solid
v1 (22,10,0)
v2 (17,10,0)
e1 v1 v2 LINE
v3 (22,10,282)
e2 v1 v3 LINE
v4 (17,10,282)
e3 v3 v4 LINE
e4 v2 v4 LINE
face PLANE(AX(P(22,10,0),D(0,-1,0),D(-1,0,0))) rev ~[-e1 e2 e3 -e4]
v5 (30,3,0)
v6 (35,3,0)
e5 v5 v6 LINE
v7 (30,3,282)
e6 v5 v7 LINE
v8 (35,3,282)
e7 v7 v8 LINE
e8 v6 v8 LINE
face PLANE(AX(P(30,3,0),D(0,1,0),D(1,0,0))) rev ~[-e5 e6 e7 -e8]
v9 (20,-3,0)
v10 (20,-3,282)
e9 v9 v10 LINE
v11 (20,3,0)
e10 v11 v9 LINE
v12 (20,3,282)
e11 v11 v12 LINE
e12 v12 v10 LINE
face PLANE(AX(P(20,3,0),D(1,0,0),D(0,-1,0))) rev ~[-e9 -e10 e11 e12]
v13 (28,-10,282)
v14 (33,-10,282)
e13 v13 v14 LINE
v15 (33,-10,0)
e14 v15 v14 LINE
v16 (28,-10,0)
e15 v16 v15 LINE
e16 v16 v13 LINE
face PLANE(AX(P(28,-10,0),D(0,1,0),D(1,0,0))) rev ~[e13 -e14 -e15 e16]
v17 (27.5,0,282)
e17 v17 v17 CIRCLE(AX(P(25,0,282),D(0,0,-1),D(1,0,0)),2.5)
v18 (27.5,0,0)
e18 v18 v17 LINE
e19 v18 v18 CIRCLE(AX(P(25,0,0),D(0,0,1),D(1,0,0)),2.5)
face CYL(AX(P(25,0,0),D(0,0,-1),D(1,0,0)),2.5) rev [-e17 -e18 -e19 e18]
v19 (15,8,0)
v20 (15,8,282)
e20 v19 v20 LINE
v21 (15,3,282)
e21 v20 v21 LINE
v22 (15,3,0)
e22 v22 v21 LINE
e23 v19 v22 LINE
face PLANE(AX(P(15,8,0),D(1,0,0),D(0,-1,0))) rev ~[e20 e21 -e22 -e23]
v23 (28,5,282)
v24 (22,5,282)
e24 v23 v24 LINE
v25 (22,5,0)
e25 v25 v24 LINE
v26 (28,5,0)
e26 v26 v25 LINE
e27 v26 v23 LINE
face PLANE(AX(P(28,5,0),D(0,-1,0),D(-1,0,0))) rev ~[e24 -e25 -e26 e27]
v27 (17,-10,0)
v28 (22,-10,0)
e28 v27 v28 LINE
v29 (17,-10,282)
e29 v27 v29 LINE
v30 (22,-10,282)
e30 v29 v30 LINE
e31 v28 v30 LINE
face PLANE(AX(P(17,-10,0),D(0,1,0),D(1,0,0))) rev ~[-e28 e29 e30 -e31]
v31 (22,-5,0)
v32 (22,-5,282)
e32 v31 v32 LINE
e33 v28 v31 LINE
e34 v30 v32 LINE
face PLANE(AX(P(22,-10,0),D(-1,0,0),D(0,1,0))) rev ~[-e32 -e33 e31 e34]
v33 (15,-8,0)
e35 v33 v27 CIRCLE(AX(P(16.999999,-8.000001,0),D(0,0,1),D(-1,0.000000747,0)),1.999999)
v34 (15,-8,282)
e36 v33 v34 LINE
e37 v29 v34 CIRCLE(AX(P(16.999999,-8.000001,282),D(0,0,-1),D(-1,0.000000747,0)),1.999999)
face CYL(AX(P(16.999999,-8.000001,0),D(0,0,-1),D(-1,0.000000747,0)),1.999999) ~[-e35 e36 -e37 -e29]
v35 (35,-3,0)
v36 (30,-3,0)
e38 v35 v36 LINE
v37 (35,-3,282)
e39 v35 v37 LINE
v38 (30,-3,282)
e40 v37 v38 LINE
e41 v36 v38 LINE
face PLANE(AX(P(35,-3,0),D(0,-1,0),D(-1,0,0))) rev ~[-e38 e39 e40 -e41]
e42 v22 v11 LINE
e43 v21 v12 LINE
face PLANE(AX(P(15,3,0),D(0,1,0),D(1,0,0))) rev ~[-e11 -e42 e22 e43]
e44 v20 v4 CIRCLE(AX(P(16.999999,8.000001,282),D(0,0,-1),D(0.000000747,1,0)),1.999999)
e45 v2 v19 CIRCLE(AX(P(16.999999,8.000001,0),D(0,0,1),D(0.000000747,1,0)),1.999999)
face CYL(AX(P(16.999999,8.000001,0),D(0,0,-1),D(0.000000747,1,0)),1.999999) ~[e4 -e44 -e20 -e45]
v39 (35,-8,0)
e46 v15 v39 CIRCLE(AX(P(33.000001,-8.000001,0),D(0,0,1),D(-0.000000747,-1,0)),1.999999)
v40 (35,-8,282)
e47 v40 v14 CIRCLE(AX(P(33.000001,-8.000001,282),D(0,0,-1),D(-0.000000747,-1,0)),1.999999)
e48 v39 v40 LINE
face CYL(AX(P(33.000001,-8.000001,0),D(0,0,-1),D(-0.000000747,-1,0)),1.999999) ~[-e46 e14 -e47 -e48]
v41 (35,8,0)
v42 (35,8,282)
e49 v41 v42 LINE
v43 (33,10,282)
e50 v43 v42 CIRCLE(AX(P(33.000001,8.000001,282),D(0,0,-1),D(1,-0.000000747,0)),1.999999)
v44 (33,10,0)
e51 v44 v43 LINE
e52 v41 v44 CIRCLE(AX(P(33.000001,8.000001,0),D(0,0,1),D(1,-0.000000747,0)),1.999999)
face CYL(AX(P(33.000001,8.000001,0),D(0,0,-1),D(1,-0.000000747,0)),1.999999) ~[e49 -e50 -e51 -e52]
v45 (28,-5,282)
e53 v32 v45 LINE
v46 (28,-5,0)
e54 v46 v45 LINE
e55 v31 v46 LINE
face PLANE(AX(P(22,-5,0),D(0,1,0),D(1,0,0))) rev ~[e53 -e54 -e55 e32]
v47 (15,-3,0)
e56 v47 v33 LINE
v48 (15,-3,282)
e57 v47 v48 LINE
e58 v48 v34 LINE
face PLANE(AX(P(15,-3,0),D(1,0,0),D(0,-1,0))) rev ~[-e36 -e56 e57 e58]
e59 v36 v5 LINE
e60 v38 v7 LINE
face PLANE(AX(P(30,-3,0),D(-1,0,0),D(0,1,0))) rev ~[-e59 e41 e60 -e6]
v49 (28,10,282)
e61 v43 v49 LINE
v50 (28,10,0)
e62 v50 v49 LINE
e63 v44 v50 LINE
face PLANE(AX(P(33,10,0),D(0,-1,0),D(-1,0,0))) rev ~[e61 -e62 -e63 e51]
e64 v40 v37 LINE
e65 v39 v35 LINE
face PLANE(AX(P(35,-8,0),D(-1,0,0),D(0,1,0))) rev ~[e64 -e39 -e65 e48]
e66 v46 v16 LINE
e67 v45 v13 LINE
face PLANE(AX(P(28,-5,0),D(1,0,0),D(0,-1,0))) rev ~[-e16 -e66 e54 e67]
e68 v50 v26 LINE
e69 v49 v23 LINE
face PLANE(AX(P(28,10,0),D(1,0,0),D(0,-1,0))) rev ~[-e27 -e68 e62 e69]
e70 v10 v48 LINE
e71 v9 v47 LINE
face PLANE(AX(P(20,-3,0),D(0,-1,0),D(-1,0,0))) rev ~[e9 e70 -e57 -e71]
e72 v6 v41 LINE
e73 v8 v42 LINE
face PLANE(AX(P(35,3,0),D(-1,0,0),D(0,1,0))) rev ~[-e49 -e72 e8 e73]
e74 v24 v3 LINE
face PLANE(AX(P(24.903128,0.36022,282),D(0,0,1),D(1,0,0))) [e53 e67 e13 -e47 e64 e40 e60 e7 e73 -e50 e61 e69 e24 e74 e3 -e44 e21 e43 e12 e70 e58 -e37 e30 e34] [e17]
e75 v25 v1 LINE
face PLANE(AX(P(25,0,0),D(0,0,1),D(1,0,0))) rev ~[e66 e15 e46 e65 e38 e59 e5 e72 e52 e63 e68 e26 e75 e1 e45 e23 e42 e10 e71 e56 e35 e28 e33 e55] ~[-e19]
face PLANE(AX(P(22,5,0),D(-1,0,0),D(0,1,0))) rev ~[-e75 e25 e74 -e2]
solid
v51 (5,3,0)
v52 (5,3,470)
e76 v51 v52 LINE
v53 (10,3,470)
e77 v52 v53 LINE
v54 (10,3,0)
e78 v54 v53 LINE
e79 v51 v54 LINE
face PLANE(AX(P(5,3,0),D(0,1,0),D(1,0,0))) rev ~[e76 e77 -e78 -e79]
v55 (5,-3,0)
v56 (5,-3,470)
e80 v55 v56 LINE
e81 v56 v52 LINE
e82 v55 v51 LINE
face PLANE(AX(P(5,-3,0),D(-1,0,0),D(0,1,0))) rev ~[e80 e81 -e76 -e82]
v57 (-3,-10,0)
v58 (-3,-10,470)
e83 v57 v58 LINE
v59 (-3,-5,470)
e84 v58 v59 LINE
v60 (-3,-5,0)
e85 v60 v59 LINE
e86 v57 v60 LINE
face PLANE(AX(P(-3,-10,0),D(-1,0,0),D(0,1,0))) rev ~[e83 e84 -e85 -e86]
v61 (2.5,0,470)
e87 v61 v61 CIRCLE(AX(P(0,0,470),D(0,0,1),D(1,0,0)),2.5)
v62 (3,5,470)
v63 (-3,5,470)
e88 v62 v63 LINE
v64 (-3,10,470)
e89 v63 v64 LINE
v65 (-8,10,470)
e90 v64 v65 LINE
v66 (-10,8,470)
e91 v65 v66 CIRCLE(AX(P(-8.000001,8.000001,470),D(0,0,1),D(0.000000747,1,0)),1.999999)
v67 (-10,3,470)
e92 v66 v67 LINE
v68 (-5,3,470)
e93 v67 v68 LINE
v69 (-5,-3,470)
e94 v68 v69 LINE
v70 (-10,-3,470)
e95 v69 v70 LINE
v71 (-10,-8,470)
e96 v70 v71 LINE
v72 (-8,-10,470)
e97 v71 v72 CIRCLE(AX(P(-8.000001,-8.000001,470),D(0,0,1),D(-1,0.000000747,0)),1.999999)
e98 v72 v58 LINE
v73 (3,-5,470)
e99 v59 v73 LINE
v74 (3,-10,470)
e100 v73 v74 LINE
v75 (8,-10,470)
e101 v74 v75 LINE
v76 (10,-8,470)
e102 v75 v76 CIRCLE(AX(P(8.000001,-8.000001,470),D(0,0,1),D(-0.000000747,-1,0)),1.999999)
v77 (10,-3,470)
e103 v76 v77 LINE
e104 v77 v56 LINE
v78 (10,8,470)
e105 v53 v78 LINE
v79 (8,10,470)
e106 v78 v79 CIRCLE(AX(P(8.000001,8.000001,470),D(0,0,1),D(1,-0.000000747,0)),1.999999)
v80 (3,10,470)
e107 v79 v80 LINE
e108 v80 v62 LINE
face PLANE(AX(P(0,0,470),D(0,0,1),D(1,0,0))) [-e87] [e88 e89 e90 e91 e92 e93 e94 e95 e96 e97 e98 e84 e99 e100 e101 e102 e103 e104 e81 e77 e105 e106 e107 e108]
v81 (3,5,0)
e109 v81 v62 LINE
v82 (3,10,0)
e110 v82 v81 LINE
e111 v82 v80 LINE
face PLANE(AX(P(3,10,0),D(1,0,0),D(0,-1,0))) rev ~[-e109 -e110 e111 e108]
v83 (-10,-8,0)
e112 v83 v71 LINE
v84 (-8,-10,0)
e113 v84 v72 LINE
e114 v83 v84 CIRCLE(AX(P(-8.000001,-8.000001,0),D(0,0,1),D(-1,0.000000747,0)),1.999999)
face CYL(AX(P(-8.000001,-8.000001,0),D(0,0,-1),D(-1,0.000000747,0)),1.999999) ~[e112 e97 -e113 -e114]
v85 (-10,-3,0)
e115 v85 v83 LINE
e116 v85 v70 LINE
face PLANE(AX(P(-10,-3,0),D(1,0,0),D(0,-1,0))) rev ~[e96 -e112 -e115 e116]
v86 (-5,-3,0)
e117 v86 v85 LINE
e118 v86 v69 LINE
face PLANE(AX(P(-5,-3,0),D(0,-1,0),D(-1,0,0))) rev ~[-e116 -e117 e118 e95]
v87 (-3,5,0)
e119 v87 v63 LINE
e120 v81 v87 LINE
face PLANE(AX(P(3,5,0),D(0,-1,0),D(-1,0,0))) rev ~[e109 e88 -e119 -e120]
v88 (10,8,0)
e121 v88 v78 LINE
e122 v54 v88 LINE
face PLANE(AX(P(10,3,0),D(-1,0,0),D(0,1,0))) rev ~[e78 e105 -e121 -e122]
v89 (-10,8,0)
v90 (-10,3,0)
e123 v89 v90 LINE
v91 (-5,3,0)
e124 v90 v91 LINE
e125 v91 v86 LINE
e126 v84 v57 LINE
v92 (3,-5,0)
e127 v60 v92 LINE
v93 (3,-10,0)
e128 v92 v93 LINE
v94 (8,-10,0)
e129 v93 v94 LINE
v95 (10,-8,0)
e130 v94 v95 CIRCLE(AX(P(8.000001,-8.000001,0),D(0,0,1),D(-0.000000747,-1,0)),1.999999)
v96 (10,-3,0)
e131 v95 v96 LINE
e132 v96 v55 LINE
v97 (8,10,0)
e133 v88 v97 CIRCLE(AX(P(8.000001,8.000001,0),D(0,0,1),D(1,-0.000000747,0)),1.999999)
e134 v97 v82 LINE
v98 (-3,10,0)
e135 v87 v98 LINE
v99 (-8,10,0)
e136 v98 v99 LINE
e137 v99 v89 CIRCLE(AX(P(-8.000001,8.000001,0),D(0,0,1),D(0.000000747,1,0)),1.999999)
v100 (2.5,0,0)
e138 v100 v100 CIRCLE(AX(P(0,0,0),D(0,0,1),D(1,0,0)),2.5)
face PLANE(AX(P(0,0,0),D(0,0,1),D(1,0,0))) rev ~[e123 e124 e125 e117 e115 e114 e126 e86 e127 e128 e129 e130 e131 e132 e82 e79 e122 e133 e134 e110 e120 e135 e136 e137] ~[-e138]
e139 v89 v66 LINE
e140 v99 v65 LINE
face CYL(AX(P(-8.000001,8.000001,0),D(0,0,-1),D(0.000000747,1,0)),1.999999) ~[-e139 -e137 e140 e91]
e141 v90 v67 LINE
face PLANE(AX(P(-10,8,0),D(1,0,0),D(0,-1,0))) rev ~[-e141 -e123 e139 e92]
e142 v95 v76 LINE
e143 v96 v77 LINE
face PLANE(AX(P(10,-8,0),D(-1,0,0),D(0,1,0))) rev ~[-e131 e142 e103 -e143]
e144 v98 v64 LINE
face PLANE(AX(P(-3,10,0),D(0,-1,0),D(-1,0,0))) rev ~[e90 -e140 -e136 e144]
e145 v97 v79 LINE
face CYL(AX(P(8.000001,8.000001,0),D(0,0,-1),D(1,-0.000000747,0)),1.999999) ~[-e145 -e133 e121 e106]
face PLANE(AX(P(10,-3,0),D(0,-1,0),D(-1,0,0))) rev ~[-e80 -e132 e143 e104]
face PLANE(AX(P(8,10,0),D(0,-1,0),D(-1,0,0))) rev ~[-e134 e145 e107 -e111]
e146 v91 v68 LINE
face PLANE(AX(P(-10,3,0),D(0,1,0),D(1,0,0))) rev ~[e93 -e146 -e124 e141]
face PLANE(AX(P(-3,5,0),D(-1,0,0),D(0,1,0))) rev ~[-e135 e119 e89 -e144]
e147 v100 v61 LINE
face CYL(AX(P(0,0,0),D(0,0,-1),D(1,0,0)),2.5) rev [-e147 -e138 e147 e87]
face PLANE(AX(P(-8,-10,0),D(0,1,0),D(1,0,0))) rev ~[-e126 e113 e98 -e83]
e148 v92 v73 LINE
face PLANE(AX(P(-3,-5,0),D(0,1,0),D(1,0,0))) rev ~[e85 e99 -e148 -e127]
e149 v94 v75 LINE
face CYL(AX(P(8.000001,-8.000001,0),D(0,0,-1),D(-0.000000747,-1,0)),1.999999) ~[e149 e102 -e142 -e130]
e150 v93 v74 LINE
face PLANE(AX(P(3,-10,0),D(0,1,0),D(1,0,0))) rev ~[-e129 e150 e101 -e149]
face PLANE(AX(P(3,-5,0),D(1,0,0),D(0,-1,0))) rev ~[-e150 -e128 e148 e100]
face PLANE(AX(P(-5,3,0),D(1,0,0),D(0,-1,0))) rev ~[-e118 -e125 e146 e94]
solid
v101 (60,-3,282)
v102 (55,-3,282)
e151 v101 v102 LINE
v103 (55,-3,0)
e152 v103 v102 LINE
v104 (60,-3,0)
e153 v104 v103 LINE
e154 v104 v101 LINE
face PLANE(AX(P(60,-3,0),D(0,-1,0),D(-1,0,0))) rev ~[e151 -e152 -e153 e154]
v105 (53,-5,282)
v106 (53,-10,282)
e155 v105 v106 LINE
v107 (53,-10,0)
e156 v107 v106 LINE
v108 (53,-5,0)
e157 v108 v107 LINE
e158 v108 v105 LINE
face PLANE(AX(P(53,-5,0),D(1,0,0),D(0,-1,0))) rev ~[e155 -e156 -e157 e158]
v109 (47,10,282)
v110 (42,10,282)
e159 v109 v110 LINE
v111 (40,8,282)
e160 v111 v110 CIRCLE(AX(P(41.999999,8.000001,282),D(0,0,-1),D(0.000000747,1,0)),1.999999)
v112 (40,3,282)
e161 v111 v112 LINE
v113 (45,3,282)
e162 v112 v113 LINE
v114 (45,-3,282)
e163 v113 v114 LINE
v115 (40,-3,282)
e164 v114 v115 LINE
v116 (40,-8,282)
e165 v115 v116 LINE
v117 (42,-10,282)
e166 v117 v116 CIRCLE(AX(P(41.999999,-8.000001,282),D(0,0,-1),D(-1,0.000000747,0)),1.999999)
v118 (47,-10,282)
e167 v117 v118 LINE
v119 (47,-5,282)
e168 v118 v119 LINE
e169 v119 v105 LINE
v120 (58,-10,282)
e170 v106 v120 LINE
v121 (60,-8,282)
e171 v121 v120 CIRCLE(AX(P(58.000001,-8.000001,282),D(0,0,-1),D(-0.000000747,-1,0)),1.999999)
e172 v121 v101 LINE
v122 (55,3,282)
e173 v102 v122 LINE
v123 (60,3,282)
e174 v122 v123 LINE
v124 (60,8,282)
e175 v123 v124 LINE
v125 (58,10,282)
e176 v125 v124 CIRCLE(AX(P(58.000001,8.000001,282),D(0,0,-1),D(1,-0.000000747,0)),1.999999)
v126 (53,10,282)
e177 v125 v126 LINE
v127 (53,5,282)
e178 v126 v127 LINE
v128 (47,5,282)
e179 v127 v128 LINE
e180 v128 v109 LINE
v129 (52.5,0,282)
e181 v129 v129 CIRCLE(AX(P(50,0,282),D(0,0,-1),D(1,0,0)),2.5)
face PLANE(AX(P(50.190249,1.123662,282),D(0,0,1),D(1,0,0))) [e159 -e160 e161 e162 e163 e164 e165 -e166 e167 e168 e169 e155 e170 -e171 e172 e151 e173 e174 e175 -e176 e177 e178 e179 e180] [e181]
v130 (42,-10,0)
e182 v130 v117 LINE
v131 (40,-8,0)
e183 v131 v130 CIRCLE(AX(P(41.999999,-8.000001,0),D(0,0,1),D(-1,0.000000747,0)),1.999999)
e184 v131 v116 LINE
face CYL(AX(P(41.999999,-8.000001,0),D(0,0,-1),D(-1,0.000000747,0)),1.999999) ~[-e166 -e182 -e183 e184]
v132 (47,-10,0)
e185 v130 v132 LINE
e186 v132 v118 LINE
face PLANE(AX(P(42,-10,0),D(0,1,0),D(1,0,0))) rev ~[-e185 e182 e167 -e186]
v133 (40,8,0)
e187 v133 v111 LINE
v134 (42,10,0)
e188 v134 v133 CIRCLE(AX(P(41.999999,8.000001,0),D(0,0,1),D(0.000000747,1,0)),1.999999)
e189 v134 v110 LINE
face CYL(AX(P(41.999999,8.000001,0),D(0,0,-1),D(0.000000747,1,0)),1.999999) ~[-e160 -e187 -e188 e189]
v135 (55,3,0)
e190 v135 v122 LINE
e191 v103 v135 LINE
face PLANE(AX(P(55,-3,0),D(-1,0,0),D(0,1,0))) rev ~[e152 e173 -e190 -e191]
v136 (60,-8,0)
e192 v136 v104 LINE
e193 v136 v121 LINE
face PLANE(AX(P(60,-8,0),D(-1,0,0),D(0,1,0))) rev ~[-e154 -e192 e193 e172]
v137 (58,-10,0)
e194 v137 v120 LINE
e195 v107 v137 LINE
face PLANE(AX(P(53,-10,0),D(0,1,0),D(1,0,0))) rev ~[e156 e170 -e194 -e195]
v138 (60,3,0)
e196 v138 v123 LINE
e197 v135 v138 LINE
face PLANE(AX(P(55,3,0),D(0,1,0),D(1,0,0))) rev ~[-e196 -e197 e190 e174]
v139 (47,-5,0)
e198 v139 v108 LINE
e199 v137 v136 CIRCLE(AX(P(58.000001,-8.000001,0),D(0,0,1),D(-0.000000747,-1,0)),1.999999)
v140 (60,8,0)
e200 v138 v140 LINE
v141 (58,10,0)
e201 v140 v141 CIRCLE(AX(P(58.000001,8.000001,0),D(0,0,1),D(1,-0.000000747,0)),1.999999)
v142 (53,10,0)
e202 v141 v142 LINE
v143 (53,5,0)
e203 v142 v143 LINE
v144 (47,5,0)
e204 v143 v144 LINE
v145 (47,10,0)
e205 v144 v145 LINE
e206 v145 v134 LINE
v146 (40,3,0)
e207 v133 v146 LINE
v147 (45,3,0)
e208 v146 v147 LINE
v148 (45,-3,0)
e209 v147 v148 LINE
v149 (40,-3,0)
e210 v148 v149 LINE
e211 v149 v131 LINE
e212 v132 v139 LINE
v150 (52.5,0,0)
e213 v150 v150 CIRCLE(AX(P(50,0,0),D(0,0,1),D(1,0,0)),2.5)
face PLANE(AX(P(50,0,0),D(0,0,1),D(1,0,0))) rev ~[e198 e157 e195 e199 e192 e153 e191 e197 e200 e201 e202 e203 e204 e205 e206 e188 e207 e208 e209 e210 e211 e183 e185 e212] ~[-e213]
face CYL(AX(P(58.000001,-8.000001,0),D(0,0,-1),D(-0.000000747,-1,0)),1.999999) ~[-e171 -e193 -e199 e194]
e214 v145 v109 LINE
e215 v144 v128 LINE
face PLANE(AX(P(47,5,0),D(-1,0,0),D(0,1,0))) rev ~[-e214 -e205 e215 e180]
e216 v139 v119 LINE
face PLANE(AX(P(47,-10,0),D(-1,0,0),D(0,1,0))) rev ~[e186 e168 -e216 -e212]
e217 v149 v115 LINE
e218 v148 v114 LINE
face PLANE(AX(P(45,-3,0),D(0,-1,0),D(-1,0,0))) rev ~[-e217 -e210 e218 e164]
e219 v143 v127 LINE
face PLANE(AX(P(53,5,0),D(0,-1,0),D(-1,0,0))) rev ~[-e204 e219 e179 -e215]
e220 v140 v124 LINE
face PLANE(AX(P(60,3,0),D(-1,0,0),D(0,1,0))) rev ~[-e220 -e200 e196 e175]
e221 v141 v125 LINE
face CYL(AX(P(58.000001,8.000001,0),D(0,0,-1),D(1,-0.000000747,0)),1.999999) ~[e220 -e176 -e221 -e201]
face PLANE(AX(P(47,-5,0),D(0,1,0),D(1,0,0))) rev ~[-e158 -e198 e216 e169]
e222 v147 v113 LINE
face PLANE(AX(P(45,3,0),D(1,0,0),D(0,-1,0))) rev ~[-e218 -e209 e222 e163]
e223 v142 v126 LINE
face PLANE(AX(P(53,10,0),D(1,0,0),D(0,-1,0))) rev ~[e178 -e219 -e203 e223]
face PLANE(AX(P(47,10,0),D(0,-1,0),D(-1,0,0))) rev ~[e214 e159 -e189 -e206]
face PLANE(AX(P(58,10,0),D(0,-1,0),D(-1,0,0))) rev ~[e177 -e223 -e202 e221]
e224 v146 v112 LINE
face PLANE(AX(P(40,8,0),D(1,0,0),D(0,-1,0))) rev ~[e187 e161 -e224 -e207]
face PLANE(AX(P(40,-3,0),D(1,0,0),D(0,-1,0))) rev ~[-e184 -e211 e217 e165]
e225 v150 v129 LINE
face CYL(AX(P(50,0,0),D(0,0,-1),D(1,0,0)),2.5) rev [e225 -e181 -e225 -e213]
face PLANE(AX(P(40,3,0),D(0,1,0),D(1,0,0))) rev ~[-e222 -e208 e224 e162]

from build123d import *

# Parameters (mm, degrees)
F0_R     = 2.5
F1_DEPTH = 470
F3_DEPTH = 188
F4_W     = 24.158735
F4_H     = 25.46968
F5_DEPTH = 188


with BuildPart() as f1:
    # F0 (on Top) → F1 (new body)
    with BuildSketch(Plane.XY):
        with BuildLine():
            ThreePointArc((10, 8), (9.414214, 9.414214), (8, 10))
            Line((8, 10), (3, 10))
            Line((3, 10), (3, 5))
            Line((3, 5), (-3, 5))
            Line((-3, 5), (-3, 10))
            Line((-3, 10), (-8, 10))
            ThreePointArc((-8, 10), (-9.414214, 9.414214), (-10, 8))
            Line((-10, 8), (-10, 3))
            Line((-10, 3), (-5, 3))
            Line((-5, 3), (-5, -3))
            Line((-5, -3), (-10, -3))
            Line((-10, -3), (-10, -8))
            ThreePointArc((-10, -8), (-9.414214, -9.414214), (-8, -10))
            Line((-8, -10), (-3, -10))
            Line((-3, -10), (-3, -5))
            Line((-3, -5), (3, -5))
            Line((3, -5), (3, -10))
            Line((3, -10), (8, -10))
            ThreePointArc((8, -10), (9.414214, -9.414214), (10, -8))
            Line((10, -8), (10, -3))
            Line((10, -3), (5, -3))
            Line((5, -3), (5, 3))
            Line((5, 3), (10, 3))
            Line((10, 3), (10, 8))
        make_face()
        Circle(F0_R, mode=Mode.SUBTRACT)
        with BuildLine():
            Line((20, -3), (15, -3))
            Line((15, -3), (15, -8))
            ThreePointArc((15, -8), (15.585786, -9.414214), (17, -10))
            Line((17, -10), (22, -10))
            Line((22, -10), (22, -5))
            Line((22, -5), (28, -5))
            Line((28, -5), (28, -10))
            Line((28, -10), (33, -10))
            ThreePointArc((33, -10), (34.414214, -9.414214), (35, -8))
            Line((35, -8), (35, -3))
            Line((35, -3), (30, -3))
            Line((30, -3), (30, 3))
            Line((30, 3), (35, 3))
            Line((35, 3), (35, 8))
            ThreePointArc((35, 8), (34.414214, 9.414214), (33, 10))
            Line((33, 10), (28, 10))
            Line((28, 10), (28, 5))
            Line((28, 5), (22, 5))
            Line((22, 5), (22, 10))
            Line((22, 10), (17, 10))
            ThreePointArc((17, 10), (15.585786, 9.414214), (15, 8))
            Line((15, 8), (15, 3))
            Line((15, 3), (20, 3))
            Line((20, 3), (20, -3))
        make_face()
        with Locations((25, 0)):
            Circle(F0_R, mode=Mode.SUBTRACT)
        with BuildLine():
            Line((45, -3), (40, -3))
            Line((40, -3), (40, -8))
            ThreePointArc((40, -8), (40.585786, -9.414214), (42, -10))
            Line((42, -10), (47, -10))
            Line((47, -10), (47, -5))
            Line((47, -5), (53, -5))
            Line((53, -5), (53, -10))
            Line((53, -10), (58, -10))
            ThreePointArc((58, -10), (59.414214, -9.414214), (60, -8))
            Line((60, -8), (60, -3))
            Line((60, -3), (55, -3))
            Line((55, -3), (55, 3))
            Line((55, 3), (60, 3))
            Line((60, 3), (60, 8))
            ThreePointArc((60, 8), (59.414214, 9.414214), (58, 10))
            Line((58, 10), (53, 10))
            Line((53, 10), (53, 5))
            Line((53, 5), (47, 5))
            Line((47, 5), (47, 10))
            Line((47, 10), (42, 10))
            ThreePointArc((42, 10), (40.585786, 9.414214), (40, 8))
            Line((40, 8), (40, 3))
            Line((40, 3), (45, 3))
            Line((45, 3), (45, -3))
        make_face()
        with Locations((50, 0)):
            Circle(F0_R, mode=Mode.SUBTRACT)
    extrude(amount=F1_DEPTH)

    # F2 (on face) → F3 (cut)
    with BuildSketch(Plane.XY.offset(470)):
        Polygon((37.811764, 13.164037), (11.994491, 13.164037), (11.994491, -12.443597), (12.309452, -12.443597), (37.811764, -12.443597), align=None)
    extrude(amount=-F3_DEPTH, mode=Mode.SUBTRACT)

    # F4 (on face) → F5 (cut)
    with BuildSketch(Plane.XY.offset(470)):
        with Locations((50.190249, 1.123662)):
            Rectangle(F4_W, F4_H)
    extrude(amount=-F5_DEPTH, mode=Mode.SUBTRACT)


solid = f1.part
